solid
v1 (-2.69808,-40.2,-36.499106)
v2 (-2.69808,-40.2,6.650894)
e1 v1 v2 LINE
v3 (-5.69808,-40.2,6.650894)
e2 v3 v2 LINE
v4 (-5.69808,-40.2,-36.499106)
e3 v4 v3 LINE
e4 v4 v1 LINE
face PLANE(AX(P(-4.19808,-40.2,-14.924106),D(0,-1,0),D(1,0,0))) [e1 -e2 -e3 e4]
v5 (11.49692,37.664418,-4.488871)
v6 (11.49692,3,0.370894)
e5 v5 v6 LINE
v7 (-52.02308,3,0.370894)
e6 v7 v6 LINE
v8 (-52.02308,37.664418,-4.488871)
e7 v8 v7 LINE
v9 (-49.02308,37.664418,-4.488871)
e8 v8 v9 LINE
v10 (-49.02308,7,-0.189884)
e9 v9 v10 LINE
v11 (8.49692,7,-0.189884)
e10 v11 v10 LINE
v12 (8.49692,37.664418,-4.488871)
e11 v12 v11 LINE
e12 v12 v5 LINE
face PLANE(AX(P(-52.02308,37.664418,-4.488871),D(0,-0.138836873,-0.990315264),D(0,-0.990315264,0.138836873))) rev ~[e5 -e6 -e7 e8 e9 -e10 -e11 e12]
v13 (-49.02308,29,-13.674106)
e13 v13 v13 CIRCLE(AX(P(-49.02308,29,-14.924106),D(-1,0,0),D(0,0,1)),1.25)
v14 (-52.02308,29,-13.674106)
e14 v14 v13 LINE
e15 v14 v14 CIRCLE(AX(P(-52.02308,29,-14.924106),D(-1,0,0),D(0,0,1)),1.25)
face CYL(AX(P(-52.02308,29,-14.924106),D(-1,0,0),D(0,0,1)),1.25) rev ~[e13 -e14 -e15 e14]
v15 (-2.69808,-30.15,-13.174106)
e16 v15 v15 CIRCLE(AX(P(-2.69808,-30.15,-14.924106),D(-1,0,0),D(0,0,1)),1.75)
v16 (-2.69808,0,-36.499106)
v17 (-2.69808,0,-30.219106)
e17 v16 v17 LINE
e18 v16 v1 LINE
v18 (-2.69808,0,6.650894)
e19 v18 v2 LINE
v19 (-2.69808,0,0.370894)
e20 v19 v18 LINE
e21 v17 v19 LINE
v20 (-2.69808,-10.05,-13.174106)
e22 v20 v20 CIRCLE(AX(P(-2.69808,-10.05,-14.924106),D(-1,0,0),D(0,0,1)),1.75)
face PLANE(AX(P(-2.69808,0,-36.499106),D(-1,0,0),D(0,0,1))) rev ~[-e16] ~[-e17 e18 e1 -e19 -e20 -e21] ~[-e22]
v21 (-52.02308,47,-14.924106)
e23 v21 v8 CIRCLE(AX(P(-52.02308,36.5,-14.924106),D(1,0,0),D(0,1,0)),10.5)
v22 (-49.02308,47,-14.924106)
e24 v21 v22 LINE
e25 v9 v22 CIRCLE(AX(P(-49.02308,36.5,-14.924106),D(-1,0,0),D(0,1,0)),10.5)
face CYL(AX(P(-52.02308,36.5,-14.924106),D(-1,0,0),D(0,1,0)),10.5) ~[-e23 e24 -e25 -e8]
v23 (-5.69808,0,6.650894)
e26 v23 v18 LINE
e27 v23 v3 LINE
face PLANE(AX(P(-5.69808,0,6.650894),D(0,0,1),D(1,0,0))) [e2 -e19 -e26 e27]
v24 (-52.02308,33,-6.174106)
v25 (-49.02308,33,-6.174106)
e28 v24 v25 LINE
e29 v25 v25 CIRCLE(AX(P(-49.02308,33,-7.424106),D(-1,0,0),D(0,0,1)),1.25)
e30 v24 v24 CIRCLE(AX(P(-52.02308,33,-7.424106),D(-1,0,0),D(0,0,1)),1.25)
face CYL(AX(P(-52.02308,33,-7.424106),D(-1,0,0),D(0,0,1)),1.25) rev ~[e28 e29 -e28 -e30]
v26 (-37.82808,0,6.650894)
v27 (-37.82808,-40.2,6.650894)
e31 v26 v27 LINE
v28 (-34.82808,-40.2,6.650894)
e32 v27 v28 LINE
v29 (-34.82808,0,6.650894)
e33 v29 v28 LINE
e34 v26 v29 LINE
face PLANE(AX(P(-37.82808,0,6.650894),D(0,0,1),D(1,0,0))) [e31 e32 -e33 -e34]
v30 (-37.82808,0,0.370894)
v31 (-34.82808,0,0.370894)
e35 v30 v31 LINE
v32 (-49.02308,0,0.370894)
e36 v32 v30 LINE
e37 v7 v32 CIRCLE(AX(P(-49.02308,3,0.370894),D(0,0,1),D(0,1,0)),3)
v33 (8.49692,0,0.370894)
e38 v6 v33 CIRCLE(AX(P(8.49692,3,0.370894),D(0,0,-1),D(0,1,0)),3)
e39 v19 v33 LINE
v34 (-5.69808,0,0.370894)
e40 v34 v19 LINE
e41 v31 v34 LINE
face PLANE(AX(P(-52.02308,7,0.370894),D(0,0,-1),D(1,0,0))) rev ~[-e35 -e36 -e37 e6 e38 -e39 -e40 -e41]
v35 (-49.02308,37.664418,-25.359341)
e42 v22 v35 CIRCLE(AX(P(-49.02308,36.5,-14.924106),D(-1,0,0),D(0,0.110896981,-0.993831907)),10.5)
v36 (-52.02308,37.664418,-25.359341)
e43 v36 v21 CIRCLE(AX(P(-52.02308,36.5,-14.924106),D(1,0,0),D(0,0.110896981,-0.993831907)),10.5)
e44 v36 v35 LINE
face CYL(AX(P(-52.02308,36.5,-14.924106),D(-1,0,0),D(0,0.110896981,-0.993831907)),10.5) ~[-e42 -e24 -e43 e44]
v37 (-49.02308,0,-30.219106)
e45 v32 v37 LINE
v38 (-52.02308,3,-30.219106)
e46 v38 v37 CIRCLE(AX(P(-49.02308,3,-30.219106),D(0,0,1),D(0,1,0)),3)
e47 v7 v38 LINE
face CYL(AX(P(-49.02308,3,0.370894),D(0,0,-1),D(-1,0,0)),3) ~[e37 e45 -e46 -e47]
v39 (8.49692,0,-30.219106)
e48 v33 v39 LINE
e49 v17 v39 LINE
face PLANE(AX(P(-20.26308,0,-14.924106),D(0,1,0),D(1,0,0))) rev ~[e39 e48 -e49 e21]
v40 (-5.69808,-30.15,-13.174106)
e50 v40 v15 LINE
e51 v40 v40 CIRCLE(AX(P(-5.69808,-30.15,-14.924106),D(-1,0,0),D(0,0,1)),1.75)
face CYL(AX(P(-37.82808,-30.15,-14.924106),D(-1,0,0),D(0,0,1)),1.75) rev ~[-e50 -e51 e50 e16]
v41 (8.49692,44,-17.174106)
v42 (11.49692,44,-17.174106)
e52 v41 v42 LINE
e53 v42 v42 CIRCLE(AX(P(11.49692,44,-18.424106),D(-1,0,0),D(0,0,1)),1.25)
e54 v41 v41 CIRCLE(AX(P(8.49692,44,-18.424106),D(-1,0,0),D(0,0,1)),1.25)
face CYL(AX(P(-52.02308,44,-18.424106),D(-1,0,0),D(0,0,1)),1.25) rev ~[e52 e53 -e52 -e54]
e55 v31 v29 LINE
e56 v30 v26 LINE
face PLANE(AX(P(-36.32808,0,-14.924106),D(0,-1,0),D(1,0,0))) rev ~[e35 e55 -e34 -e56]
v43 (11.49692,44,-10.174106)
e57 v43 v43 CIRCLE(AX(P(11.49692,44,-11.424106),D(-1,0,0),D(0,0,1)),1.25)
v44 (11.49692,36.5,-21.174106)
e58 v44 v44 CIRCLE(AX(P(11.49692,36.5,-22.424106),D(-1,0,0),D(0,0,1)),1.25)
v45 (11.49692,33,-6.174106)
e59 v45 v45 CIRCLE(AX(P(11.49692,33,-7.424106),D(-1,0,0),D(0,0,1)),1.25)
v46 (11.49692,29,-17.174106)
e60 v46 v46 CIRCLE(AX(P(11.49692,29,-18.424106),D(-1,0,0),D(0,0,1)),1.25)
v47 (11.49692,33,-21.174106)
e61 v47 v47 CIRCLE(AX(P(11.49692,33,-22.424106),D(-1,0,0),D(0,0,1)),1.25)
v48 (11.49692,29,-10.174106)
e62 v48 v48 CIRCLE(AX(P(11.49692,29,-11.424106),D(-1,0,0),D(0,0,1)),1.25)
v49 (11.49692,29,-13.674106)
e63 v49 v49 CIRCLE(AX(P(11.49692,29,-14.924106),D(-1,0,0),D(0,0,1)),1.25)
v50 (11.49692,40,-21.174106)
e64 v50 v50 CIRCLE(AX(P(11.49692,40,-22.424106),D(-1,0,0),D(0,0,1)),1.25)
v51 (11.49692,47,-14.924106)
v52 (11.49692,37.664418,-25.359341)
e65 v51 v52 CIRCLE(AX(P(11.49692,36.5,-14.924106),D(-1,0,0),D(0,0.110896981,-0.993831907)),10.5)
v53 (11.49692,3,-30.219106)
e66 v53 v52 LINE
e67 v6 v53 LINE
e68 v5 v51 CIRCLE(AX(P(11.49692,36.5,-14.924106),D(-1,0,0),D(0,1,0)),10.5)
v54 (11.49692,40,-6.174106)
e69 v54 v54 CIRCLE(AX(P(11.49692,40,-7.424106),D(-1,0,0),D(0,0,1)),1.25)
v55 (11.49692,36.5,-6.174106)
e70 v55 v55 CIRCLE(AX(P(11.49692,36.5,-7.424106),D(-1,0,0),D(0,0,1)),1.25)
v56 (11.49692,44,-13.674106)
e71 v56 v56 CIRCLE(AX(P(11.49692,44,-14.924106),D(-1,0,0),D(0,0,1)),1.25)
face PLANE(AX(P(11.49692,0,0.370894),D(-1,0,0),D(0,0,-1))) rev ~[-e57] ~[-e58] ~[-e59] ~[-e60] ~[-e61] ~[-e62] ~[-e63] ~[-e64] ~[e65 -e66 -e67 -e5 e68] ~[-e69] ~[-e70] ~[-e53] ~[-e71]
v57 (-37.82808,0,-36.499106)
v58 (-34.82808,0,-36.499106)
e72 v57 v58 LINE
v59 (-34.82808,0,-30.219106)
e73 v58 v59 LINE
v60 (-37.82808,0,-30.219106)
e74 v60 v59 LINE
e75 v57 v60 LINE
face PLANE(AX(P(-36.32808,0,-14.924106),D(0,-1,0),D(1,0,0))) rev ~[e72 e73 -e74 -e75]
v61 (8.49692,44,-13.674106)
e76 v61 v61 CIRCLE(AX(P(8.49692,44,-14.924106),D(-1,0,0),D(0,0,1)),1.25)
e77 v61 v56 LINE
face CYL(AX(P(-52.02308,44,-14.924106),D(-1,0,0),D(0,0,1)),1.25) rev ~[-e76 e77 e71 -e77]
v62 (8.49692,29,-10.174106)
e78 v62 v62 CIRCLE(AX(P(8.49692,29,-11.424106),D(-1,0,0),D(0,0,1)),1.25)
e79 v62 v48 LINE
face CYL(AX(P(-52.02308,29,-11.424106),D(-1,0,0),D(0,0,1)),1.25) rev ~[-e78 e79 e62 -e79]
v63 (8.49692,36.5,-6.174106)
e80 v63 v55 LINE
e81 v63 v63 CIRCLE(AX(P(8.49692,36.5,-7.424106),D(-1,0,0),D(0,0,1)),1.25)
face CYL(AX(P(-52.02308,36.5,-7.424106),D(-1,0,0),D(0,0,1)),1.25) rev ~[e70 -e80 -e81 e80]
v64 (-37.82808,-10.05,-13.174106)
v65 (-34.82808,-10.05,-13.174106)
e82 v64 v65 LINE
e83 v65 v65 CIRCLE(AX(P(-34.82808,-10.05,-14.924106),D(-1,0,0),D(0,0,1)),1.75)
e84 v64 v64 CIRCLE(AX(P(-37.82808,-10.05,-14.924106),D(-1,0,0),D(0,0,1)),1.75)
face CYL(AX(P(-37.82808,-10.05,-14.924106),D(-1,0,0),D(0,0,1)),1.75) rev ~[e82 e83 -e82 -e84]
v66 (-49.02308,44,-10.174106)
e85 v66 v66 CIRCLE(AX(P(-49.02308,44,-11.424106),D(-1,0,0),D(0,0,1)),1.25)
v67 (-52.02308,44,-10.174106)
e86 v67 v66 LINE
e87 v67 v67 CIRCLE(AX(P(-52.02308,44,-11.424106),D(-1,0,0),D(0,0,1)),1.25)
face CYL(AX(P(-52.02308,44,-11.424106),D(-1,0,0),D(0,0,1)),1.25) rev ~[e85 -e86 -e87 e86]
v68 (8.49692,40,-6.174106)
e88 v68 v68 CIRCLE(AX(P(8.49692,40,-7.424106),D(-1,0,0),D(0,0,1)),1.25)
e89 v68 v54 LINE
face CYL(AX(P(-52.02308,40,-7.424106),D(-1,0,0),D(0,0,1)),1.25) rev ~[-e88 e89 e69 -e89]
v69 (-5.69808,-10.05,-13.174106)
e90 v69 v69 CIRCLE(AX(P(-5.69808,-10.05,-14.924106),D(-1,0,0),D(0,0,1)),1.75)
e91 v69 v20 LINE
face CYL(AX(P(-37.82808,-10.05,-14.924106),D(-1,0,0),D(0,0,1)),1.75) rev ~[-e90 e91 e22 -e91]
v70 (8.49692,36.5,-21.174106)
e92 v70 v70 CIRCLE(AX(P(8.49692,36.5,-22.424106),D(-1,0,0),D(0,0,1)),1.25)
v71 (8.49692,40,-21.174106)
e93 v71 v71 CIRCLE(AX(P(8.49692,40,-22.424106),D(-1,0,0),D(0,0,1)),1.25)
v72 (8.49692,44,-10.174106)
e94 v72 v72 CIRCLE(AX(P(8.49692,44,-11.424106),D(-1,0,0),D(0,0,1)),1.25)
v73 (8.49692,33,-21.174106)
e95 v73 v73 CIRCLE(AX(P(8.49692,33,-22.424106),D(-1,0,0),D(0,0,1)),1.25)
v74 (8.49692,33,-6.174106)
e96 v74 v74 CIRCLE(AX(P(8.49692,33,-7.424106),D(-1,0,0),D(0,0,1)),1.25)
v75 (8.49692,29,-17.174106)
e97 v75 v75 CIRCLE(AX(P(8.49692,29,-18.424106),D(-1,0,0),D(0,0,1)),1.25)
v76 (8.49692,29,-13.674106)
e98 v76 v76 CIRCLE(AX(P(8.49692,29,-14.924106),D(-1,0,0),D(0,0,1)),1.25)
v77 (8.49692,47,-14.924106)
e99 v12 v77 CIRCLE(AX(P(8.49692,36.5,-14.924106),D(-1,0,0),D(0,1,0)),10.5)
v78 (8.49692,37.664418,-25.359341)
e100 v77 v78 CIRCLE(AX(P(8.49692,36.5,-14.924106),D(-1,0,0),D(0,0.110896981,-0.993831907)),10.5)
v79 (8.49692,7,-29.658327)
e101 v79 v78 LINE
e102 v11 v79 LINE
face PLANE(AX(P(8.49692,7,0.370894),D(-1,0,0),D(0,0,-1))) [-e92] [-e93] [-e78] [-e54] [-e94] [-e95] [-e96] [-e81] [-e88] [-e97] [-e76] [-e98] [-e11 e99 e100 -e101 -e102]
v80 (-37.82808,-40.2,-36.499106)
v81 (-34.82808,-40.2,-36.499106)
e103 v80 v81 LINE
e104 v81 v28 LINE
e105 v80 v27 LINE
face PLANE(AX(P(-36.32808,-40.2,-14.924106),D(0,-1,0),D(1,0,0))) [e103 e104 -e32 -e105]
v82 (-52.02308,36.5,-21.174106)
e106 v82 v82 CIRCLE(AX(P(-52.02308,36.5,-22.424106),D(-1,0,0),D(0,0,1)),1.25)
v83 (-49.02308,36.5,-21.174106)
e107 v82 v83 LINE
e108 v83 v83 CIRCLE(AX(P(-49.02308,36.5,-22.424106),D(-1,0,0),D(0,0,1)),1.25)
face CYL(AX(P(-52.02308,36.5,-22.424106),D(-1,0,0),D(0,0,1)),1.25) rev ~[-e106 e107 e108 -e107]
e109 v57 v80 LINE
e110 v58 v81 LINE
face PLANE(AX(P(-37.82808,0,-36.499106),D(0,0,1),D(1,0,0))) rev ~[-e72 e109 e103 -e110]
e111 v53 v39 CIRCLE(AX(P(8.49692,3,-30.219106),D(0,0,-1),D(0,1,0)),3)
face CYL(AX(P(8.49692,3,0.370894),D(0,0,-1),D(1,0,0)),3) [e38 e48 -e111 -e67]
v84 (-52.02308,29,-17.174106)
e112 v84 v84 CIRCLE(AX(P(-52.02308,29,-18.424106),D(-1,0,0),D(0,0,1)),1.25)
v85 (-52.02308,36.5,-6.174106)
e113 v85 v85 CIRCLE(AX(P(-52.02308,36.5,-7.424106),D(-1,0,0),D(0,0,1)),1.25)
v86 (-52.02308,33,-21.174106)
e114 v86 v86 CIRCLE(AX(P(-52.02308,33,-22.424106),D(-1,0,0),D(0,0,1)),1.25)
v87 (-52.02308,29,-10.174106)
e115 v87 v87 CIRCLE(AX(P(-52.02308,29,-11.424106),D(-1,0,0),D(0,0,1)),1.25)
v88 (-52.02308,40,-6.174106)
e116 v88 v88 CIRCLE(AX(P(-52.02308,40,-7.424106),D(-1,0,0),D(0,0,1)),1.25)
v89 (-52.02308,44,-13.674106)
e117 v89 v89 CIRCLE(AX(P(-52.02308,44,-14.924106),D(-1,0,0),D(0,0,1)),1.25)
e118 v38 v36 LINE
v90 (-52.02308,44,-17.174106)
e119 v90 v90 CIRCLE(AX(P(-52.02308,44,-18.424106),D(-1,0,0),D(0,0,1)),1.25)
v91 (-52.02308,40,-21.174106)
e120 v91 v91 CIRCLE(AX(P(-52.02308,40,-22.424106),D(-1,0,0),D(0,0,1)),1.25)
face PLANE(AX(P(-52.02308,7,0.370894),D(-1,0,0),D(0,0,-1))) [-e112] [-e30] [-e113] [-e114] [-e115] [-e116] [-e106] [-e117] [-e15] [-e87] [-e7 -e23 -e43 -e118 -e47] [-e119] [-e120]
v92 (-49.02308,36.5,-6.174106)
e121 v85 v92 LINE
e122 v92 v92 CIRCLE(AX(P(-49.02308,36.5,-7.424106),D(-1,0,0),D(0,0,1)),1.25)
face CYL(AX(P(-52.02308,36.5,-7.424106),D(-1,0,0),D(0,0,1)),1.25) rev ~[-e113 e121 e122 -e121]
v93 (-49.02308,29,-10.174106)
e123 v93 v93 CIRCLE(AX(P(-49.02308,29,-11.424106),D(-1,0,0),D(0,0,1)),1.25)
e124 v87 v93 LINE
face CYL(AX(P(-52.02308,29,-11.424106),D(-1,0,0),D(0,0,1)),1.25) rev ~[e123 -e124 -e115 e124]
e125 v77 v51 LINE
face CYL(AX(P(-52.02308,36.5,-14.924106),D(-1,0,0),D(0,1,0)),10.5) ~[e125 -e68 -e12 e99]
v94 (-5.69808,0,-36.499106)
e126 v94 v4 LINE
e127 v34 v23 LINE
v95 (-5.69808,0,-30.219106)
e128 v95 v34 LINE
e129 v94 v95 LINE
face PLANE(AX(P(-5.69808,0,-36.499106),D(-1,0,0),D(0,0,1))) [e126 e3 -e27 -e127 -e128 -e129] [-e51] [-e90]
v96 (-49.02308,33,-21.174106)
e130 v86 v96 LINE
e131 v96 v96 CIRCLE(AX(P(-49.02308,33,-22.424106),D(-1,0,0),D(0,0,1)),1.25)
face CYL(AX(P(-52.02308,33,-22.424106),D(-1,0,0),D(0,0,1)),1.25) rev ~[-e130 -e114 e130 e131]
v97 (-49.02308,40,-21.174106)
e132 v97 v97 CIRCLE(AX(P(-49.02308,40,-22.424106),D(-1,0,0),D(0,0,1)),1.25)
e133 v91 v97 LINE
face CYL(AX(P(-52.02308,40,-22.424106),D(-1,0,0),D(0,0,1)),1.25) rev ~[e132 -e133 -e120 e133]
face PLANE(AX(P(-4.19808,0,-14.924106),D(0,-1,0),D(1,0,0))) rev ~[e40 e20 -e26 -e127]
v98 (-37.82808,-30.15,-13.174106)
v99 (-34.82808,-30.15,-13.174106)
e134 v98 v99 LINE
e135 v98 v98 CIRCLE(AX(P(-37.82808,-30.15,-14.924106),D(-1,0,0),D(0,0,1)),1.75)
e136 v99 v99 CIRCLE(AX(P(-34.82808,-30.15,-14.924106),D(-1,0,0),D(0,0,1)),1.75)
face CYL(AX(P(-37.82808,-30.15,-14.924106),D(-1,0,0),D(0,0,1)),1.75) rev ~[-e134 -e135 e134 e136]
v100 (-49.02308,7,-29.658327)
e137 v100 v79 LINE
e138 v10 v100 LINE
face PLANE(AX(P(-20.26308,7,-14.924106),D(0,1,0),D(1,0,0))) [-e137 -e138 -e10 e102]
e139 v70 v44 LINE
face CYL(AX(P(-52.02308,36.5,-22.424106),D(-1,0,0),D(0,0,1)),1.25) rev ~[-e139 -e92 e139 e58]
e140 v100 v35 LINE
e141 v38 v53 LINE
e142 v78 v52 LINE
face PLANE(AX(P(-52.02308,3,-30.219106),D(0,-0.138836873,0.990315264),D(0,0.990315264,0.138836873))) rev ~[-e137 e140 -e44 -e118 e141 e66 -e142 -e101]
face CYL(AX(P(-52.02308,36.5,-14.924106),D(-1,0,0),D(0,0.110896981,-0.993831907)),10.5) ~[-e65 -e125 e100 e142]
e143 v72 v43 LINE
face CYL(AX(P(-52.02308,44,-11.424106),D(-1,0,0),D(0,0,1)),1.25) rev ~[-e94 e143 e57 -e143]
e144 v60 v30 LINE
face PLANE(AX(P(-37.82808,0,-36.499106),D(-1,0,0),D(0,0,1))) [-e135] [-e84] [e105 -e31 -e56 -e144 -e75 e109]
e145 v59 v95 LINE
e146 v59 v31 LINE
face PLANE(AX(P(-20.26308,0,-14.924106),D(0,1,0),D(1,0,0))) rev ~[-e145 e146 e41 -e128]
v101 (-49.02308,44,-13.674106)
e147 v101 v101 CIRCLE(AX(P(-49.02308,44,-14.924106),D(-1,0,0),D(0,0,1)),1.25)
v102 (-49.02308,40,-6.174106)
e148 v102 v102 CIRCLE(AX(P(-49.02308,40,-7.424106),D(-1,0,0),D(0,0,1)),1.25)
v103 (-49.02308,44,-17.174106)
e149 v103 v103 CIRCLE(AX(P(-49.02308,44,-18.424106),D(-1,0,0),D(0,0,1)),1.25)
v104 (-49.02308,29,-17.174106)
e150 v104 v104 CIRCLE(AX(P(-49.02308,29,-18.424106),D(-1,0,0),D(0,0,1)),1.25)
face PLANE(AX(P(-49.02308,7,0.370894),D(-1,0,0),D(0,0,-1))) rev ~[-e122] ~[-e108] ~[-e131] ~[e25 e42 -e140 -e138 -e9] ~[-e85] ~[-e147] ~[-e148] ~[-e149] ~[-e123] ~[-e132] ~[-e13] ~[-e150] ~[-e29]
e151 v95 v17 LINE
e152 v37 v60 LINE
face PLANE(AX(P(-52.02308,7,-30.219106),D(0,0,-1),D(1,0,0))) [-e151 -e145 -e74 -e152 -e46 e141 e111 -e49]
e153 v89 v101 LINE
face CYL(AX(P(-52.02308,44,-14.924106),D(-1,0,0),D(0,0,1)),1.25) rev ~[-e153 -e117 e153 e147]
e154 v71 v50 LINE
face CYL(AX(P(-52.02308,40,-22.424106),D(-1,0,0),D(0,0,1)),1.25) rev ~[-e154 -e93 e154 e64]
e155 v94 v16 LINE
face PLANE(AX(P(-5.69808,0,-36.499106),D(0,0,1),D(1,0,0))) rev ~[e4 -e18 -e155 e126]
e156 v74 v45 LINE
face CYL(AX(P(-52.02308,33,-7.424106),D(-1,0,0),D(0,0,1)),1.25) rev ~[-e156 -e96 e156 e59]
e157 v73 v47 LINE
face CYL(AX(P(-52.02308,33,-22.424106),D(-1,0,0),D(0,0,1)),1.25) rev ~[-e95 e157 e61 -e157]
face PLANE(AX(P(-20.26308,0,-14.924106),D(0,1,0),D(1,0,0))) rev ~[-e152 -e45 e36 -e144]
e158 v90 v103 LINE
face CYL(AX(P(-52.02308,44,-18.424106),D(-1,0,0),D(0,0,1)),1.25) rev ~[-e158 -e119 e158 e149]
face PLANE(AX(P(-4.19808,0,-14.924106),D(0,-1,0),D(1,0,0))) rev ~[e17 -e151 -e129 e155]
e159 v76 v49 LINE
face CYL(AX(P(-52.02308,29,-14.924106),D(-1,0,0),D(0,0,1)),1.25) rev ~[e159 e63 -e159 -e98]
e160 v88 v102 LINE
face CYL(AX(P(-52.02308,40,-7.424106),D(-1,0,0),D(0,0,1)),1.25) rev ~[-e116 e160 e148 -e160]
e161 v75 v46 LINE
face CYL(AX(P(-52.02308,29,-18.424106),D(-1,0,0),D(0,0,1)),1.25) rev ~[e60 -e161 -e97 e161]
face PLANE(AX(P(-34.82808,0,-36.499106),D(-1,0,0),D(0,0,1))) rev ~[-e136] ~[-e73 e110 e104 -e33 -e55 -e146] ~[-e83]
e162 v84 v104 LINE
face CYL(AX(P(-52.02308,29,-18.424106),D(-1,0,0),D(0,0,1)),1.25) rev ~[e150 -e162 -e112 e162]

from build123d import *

# Parameters (mm, degrees)
SKETCH2_W           = 63.52
SKETCH2_H           = 30.59
BOSS_EXTRUDE1_DEPTH = 7
SKETCH3_W           = 3
SKETCH3_H           = 30.59
BOSS_EXTRUDE2_DEPTH = 40
FILLET2_R           = 3
SKETCH4_R           = 1.25
CUT_EXTRUDE2_DEPTH  = 70
SKETCH14_W          = 3
SKETCH14_H          = 43.15
BOSS_EXTRUDE5_DEPTH = 40.2
SKETCH15_R          = 1.75
CUT_EXTRUDE9_DEPTH  = 40


with BuildPart() as part:
    # Sketch2 → Boss-Extrude1 (new body)
    with BuildSketch(Plane(origin=(0, 0, 0), x_dir=(1, 0, 0), z_dir=(0, 1, 0))):
        with Locations((-20.26308022, 14.924105874)):
            Rectangle(SKETCH2_W, SKETCH2_H)
    extrude(amount=BOSS_EXTRUDE1_DEPTH)

    # Sketch3 → Boss-Extrude2 (add)
    with BuildSketch(Plane(origin=(0, 7, 0), x_dir=(1, 0, 0), z_dir=(0, 1, 0))):
        with Locations((-50.52308022, 14.924105874)):
            Rectangle(SKETCH3_W, SKETCH3_H)
        with Locations((9.99691978, 14.924105874)):
            Rectangle(SKETCH3_W, SKETCH3_H)
    extrude(amount=BOSS_EXTRUDE2_DEPTH)

    # Fillet2
    fillet2_edges = [part.edges().sort_by_distance(p)[0] for p in [
        (11.49691978, 0, -14.924105874),
        (-52.02308022, 0, -14.924105874),
    ]]
    fillet(fillet2_edges, radius=FILLET2_R)

    # Sketch4 → Cut-Extrude2 (cut)
    with BuildSketch(Plane.ZY.offset(52.02308022)):
        with BuildLine():
            ThreePointArc((-25.359340899, 37.664418298), (-21.924948962, 44.325483759), (-14.924105874, 47))
            Line((-14.924105874, 47), (-30.219105874, 47))
            Line((-30.219105874, 47), (-30.219105874, 3))
            Line((-30.219105874, 3), (-25.359340899, 37.664418298))
        make_face()
        with BuildLine():
            Line((0.370894126, 47), (-14.924105874, 47))
            ThreePointArc((-14.924105874, 47), (-7.923262787, 44.325483759), (-4.488870849, 37.664418298))
            Line((-4.488870849, 37.664418298), (0.370894126, 3))
            Line((0.370894126, 3), (0.370894126, 47))
        make_face()
        with Locations((-7.424105874, 36.5)):
            Circle(SKETCH4_R)
        with Locations((-7.424105874, 40)):
            Circle(SKETCH4_R)
        with Locations((-7.424105874, 33)):
            Circle(SKETCH4_R)
        with Locations((-14.924105874, 29)):
            Circle(SKETCH4_R)
        with Locations((-11.424105874, 29)):
            Circle(SKETCH4_R)
        with Locations((-18.424105874, 29)):
            Circle(SKETCH4_R)
        with Locations((-22.424105874, 36.5)):
            Circle(SKETCH4_R)
        with Locations((-22.424105874, 40)):
            Circle(SKETCH4_R)
        with Locations((-22.424105874, 33)):
            Circle(SKETCH4_R)
        with Locations((-11.424105874, 44)):
            Circle(SKETCH4_R)
        with Locations((-18.424105874, 44)):
            Circle(SKETCH4_R)
        with Locations((-14.924105874, 44)):
            Circle(SKETCH4_R)
    extrude(amount=-CUT_EXTRUDE2_DEPTH, mode=Mode.SUBTRACT)

    # Sketch14 → Boss-Extrude5 (add)
    with BuildSketch(Plane.XZ):
        with Locations((-36.32808022, -14.924105874)):
            Rectangle(SKETCH14_W, SKETCH14_H)
        with Locations((-4.19808022, -14.924105874)):
            Rectangle(SKETCH14_W, SKETCH14_H)
    extrude(amount=BOSS_EXTRUDE5_DEPTH)

    # Sketch15 → Cut-Extrude9 (cut)
    with BuildSketch(Plane.ZY.offset(37.82808022)):
        with Locations((-14.924105874, -30.15)):
            Circle(SKETCH15_R)
        with Locations((-14.924105874, -10.05)):
            Circle(SKETCH15_R)
    extrude(amount=-CUT_EXTRUDE9_DEPTH, mode=Mode.SUBTRACT)


solid = part.part
